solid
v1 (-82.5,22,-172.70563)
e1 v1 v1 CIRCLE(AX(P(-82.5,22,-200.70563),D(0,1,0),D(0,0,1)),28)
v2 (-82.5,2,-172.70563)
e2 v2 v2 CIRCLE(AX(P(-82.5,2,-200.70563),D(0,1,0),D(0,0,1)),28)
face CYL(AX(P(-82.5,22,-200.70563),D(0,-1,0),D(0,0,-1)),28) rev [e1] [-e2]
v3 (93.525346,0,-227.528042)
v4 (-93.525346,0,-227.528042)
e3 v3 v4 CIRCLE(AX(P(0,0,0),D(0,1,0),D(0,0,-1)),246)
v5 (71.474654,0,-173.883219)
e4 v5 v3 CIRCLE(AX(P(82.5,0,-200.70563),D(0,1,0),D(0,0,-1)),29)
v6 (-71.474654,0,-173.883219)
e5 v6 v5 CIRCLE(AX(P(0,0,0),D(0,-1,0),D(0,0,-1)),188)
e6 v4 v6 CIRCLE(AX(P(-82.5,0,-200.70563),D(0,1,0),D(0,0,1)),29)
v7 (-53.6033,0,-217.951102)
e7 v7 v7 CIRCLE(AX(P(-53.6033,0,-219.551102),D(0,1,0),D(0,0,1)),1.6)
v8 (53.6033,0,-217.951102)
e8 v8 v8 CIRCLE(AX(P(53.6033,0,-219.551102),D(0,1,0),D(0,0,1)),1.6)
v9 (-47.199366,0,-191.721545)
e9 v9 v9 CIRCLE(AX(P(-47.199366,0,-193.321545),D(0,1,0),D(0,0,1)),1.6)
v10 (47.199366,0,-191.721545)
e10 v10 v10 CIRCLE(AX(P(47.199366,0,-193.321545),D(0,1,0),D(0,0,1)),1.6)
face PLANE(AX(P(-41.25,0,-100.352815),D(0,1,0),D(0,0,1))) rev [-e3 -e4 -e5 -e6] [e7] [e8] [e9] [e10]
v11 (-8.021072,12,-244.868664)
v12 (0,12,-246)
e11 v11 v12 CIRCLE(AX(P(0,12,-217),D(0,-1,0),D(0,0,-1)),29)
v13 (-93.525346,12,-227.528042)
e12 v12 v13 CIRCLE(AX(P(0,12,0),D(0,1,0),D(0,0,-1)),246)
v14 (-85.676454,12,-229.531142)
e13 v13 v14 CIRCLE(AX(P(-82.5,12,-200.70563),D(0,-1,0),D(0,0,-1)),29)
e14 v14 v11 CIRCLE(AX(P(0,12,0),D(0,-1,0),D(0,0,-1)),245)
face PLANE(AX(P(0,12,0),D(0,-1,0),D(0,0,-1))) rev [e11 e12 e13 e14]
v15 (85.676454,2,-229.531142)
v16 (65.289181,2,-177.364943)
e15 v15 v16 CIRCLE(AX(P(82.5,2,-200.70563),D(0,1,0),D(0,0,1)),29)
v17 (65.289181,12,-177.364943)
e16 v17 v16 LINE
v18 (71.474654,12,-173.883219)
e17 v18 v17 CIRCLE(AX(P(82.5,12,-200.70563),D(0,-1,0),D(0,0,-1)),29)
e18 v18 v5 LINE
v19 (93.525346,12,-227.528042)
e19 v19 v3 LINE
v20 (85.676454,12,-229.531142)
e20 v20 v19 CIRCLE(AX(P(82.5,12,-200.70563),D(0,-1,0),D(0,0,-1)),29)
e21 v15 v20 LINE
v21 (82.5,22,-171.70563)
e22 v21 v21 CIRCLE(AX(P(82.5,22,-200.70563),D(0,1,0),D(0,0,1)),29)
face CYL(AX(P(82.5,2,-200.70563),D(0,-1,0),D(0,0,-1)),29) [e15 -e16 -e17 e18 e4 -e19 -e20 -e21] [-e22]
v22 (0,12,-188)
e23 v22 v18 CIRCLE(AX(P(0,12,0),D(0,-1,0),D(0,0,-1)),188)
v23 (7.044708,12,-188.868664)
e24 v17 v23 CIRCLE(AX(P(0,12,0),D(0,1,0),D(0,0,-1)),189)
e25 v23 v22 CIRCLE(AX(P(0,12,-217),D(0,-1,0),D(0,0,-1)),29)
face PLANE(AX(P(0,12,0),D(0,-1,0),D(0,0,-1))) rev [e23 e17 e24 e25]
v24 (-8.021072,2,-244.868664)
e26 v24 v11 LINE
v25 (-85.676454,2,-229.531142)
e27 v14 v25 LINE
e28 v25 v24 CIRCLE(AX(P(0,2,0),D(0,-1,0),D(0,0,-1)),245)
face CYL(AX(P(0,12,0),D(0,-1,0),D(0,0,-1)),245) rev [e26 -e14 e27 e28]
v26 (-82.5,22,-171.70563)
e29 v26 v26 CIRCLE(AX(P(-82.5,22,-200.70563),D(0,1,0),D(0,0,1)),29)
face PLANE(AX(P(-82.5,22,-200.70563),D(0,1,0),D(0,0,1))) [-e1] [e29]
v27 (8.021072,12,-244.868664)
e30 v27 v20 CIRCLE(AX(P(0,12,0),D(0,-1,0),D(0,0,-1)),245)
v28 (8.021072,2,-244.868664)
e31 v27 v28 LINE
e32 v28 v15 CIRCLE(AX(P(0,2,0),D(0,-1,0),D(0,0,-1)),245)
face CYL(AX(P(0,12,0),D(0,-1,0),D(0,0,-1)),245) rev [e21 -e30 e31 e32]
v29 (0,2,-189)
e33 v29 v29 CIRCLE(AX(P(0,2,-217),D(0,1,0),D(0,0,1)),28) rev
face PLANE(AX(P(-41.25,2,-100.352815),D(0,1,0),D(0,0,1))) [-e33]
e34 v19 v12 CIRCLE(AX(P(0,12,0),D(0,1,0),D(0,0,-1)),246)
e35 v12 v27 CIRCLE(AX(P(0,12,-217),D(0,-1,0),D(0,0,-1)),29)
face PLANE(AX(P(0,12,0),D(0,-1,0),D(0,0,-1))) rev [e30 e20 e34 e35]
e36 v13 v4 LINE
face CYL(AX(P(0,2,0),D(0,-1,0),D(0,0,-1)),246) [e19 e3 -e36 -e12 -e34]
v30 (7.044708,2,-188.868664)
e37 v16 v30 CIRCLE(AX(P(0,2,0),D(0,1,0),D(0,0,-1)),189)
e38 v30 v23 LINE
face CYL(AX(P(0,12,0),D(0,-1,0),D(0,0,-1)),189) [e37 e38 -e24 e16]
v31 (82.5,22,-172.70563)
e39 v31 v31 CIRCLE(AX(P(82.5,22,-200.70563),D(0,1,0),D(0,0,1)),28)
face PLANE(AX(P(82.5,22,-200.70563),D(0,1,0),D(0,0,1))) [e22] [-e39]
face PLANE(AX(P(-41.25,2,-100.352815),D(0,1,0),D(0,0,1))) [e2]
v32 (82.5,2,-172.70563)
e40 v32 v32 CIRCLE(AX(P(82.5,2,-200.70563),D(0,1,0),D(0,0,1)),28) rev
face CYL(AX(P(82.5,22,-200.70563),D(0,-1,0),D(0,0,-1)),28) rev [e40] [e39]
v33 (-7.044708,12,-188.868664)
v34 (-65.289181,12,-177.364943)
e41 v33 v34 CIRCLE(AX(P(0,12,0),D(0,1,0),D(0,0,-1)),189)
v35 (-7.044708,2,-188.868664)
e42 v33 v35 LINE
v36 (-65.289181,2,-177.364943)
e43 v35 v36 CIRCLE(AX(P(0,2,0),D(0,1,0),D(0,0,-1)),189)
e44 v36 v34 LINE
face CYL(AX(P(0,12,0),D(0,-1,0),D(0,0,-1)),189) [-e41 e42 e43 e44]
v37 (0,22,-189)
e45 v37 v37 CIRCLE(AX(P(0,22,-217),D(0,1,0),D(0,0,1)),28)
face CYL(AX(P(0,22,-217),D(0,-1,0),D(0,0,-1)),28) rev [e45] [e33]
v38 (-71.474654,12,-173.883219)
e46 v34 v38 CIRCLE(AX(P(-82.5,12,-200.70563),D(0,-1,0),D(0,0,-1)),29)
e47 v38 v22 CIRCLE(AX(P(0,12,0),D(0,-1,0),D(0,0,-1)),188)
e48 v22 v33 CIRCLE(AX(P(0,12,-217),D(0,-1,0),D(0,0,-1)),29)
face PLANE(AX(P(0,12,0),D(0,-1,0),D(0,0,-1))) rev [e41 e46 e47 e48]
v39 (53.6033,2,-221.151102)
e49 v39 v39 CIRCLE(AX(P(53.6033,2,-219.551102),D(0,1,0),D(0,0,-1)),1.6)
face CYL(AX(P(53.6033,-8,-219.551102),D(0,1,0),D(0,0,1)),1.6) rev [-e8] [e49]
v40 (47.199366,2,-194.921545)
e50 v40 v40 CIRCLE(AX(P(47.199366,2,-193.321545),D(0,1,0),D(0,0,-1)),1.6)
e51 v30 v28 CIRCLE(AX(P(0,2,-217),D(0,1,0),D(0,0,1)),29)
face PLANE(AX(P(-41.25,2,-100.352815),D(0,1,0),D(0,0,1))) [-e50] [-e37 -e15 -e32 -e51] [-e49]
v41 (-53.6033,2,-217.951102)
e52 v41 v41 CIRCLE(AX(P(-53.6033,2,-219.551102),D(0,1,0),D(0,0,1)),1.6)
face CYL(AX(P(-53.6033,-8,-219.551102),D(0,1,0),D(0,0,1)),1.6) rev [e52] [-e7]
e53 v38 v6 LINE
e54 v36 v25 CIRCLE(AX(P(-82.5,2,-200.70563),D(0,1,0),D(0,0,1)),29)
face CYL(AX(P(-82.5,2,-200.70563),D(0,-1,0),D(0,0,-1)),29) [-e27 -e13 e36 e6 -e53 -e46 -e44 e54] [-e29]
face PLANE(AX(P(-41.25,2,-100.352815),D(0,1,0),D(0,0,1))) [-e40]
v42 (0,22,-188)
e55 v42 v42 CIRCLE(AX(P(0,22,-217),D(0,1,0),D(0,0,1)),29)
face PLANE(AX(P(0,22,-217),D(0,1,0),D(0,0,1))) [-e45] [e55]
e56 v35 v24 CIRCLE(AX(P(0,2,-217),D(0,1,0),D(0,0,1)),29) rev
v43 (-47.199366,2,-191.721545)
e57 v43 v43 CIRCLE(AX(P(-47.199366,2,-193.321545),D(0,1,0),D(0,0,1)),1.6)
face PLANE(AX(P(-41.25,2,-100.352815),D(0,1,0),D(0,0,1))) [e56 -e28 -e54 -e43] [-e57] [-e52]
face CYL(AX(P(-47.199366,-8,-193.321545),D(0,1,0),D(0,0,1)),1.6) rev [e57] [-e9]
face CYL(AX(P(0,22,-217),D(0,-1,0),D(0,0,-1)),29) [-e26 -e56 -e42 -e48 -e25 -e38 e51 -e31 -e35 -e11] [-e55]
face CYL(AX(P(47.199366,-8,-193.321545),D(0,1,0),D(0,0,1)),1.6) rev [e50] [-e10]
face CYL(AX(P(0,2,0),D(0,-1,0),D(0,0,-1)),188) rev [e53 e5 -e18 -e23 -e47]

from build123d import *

# Parameters (mm, degrees)
EXTRUDE_1_DEPTH     = 2
SKETCH_2_R          = 29
SKETCH_2_R_2        = 28
EXTRUDE_2_DEPTH     = 20
SKETCH_3_R          = 1.6
CUT_EXTRUDE_1_DEPTH = 10
EXTRUDE_3_DEPTH     = 10


with BuildPart() as part:
    # 草图1 → 凸台-拉伸1 (new body)
    with BuildSketch(Plane(origin=(0, 0, 0), x_dir=(1, 0, 0), z_dir=(0, 1, 0))):
        with BuildLine():
            ThreePointArc((-93.525346, 227.528042), (0, 246), (93.525346, 227.528042))
            ThreePointArc((93.525346, 227.528042), (109.322411, 189.680285), (71.474654, 173.883219))
            ThreePointArc((71.474654, 173.883219), (0, 188), (-71.474654, 173.883219))
            ThreePointArc((-71.474654, 173.883219), (-109.322411, 189.680285), (-93.525346, 227.528042))
        make_face()
    extrude(amount=EXTRUDE_1_DEPTH)

    # 草图2 → 凸台-拉伸2 (add)
    # profile 1 of 3: a face of its own
    with BuildSketch(Plane(origin=(0, 2, 0), x_dir=(1, 0, 0), z_dir=(0, 1, 0))):
        with Locations(Location((-82.5, 200.70563, 0), (0, 0, 112.345101))):
            Circle(SKETCH_2_R)
        with Locations(Location((-82.5, 200.70563, 0), (0, 0, 270))):
            Circle(SKETCH_2_R_2, mode=Mode.SUBTRACT)
    # profile 2 of 3: a face of its own
    with BuildSketch(Plane(origin=(0, 2, 0), x_dir=(1, 0, 0), z_dir=(0, 1, 0))):
        with Locations(Location((0, 217, 0), (0, 0, 270))):
            Circle(SKETCH_2_R)
        with Locations(Location((0, 217, 0), (0, 0, 270))):
            Circle(SKETCH_2_R_2, mode=Mode.SUBTRACT)
    # profile 3 of 3: a face of its own
    with BuildSketch(Plane(origin=(0, 2, 0), x_dir=(1, 0, 0), z_dir=(0, 1, 0))):
        with Locations(Location((82.5, 200.70563, 0), (0, 0, 67.654899))):
            Circle(SKETCH_2_R)
        with Locations(Location((82.5, 200.70563, 0), (0, 0, 270))):
            Circle(SKETCH_2_R_2, mode=Mode.SUBTRACT)
    extrude(amount=EXTRUDE_2_DEPTH)

    # 草图3 → 切除-拉伸1 (cut)
    with BuildSketch(Plane(origin=(0, 2, 0), x_dir=(1, 0, 0), z_dir=(0, 1, 0))):
        with Locations(Location((-53.6033, 219.551102, 0), (0, 0, 270))):
            Circle(SKETCH_3_R)
        with Locations(Location((-47.199366, 193.321545, 0), (0, 0, 270))):
            Circle(SKETCH_3_R)
        with Locations(Location((53.6033, 219.551102, 0), (0, 0, 270))):
            Circle(SKETCH_3_R)
        with Locations(Location((47.199366, 193.321545, 0), (0, 0, 270))):
            Circle(SKETCH_3_R)
    extrude(amount=-CUT_EXTRUDE_1_DEPTH, mode=Mode.SUBTRACT)

    # 草图4 → 凸台-拉伸3 (add)
    with BuildSketch(Plane(origin=(0, 2, 0), x_dir=(1, 0, 0), z_dir=(0, 1, 0))):
        with BuildLine():
            Line((93.145161, 226.603131), (93.525346, 227.528042))
            ThreePointArc((93.525346, 227.528042), (0, 246), (-93.525346, 227.528042))
            Line((-93.525346, 227.528042), (-93.145161, 226.603131))
            ThreePointArc((-93.145161, 226.603131), (0, 245), (93.145161, 226.603131))
        make_face()
        with BuildLine():
            Line((71.474654, 173.883219), (71.854839, 174.80813))
            ThreePointArc((71.854839, 174.80813), (0, 189), (-71.854839, 174.80813))
            Line((-71.854839, 174.80813), (-71.474654, 173.883219))
            ThreePointArc((-71.474654, 173.883219), (0, 188), (71.474654, 173.883219))
        make_face()
    extrude(amount=EXTRUDE_3_DEPTH)


solid = part.part
